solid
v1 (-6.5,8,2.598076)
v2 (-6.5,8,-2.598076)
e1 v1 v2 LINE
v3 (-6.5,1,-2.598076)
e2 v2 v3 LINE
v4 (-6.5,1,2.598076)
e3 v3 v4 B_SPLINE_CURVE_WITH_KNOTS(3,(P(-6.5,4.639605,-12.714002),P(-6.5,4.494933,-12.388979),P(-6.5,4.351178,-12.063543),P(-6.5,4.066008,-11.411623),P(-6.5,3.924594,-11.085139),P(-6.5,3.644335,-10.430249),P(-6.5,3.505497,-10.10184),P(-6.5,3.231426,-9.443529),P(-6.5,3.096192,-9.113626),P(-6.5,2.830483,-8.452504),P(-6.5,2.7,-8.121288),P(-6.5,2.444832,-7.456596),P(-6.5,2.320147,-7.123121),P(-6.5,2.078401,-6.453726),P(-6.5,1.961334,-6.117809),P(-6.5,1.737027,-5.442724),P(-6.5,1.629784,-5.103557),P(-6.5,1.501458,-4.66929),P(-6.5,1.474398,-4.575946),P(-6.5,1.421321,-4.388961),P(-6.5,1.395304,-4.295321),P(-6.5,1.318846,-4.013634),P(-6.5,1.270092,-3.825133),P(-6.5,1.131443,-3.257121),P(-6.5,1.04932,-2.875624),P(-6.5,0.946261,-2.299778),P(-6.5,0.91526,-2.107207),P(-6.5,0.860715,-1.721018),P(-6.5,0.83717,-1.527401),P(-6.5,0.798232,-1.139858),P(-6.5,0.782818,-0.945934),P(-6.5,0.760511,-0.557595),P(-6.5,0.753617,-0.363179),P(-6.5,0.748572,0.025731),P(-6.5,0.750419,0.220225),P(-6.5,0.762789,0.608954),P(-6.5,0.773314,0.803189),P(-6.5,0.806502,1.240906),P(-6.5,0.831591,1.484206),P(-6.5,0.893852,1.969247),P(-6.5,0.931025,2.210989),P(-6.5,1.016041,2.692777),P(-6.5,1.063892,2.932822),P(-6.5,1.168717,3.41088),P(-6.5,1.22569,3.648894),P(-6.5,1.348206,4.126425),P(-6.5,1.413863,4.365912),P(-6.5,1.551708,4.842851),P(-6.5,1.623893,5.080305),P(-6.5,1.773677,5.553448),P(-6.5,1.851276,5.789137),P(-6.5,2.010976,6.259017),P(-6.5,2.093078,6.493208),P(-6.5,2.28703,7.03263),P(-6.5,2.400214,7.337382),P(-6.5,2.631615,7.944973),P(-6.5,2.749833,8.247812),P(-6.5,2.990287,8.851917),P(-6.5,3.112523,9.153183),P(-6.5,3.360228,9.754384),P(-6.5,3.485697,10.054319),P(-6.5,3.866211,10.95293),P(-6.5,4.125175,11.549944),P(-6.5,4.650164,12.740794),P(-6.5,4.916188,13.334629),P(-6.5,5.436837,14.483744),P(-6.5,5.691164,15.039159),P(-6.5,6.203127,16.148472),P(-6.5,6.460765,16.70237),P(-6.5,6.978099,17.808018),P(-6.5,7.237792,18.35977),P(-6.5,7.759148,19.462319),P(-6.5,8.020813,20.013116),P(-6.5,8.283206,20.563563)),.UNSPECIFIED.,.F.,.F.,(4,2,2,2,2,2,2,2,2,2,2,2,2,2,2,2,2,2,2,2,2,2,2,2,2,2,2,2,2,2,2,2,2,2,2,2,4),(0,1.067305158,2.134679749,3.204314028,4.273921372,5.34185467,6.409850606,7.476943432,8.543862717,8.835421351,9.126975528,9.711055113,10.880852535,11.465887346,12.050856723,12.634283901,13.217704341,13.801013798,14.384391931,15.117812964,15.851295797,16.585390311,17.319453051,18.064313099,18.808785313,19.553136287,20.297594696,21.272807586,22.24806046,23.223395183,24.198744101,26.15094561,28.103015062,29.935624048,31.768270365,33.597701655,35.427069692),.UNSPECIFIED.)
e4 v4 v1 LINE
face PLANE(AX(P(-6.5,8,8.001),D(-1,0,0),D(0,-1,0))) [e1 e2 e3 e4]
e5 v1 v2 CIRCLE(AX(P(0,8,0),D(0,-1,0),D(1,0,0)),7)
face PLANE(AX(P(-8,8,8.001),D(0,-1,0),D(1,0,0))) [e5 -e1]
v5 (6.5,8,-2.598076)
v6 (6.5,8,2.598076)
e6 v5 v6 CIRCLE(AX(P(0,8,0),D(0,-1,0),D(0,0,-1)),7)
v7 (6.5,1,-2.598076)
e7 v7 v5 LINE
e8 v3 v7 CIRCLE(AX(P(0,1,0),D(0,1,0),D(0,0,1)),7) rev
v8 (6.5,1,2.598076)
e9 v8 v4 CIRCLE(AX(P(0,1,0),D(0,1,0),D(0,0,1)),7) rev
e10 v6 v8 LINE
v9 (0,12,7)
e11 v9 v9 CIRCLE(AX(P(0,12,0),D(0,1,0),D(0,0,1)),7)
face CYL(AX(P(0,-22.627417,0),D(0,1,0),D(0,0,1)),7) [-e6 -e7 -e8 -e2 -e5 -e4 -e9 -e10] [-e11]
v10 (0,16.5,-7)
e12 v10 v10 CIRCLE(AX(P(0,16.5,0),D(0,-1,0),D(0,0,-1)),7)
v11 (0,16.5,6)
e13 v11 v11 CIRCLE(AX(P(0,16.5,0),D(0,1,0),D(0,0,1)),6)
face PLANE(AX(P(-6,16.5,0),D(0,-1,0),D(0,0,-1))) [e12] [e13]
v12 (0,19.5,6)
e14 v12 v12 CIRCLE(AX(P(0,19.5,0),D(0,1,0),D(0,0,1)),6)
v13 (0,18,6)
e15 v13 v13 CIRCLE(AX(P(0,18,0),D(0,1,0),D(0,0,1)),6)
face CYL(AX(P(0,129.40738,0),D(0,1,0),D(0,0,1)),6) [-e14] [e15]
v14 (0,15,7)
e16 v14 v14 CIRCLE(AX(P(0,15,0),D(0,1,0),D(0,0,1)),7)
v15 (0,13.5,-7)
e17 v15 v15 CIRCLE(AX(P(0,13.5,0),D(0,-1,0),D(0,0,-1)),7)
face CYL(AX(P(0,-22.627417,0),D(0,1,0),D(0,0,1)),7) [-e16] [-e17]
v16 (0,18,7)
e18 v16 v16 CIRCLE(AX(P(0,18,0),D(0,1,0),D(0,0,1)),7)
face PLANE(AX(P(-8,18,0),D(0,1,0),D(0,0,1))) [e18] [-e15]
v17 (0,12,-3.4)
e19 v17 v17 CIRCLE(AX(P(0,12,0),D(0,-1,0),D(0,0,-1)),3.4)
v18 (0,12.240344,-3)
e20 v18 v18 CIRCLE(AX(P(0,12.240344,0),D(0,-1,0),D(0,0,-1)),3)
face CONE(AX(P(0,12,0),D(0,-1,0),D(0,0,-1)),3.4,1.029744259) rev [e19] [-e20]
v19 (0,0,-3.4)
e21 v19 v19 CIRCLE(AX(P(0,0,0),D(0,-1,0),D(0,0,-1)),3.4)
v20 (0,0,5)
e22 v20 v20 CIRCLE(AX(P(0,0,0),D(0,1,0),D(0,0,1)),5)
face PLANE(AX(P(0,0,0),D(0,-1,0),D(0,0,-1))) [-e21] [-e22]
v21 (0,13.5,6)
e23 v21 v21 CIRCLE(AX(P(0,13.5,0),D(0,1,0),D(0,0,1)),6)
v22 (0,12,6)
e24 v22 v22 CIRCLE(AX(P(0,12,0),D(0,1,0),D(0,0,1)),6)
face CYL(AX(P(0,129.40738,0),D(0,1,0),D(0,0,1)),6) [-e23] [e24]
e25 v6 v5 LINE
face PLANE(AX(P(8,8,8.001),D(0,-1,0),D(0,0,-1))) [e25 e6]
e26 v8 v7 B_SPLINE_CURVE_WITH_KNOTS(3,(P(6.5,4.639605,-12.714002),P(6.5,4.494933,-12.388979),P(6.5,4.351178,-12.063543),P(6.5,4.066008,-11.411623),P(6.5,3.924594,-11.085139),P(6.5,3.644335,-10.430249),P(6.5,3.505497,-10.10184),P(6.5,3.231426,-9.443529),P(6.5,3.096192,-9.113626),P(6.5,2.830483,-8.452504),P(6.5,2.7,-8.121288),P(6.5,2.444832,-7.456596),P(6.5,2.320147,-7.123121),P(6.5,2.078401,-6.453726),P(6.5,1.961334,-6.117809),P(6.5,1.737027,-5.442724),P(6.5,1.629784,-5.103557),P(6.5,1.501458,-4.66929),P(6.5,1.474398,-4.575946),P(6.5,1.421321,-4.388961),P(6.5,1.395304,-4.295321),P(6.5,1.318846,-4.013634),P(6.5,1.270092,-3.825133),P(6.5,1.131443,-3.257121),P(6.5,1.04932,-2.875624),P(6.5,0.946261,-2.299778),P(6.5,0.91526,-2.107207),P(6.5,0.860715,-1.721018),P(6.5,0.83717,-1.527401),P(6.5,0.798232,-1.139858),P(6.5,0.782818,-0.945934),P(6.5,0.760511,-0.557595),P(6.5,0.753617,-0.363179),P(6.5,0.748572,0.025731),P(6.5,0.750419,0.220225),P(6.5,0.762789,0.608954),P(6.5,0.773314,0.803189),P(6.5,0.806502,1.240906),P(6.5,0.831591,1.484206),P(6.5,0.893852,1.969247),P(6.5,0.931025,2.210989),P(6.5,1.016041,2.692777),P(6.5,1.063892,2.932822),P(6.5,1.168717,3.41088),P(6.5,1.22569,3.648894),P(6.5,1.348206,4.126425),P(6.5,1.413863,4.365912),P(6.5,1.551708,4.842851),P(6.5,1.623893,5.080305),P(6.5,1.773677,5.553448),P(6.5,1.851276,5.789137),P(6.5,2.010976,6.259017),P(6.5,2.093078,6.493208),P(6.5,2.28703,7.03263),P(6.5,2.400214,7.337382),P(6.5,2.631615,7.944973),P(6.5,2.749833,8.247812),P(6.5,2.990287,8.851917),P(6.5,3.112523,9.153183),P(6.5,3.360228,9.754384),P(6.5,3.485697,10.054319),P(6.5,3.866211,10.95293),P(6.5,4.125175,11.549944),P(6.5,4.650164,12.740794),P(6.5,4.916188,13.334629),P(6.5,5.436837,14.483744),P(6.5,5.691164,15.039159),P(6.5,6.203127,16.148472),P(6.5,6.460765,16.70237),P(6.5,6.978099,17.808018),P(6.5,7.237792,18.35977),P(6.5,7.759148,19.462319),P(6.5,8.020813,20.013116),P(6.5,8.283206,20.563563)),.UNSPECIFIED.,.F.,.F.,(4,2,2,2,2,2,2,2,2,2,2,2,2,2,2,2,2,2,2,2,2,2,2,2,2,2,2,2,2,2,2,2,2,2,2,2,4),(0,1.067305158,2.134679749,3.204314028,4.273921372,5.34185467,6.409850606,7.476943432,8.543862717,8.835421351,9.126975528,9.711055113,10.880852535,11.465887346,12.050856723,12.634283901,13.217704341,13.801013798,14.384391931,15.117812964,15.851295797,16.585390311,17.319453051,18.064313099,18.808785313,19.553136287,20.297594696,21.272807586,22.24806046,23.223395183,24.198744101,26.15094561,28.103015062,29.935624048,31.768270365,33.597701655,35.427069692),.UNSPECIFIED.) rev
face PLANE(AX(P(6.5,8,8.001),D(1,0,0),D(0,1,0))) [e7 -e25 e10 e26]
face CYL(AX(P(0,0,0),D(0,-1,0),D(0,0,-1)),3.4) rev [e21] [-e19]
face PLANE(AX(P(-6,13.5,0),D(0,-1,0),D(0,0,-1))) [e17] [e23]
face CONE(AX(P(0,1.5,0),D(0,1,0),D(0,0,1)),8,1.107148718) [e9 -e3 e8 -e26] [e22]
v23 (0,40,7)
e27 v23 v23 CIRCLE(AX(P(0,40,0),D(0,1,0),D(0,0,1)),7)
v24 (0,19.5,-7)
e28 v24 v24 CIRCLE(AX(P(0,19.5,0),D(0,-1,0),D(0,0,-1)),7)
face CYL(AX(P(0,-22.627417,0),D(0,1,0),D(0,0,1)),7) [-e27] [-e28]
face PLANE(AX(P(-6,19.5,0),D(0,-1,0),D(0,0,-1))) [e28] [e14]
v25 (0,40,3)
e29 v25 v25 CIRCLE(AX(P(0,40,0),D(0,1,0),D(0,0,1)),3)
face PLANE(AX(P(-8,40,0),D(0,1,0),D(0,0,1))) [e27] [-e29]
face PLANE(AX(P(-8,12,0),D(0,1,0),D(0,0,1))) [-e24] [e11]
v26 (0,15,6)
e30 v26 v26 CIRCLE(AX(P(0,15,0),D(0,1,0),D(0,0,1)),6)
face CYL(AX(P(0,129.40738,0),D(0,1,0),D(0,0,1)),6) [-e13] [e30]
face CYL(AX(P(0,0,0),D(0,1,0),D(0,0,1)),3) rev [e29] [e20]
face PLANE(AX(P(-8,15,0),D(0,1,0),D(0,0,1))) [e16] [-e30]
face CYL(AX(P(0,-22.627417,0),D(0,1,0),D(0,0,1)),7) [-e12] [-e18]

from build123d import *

# Parameters (mm, degrees)
TAGLIO_ESTRUSIONE1_REACH                  = 43.569
TAGLIO_ESTRUSIONE1_END_RADIUS             = 8
SCHIZZO2_W                                = 1.5
SCHIZZO2_H                                = 8
TAGLIO_ESTRUSIONE1_DIRECTION_2_REACH      = 43.569
TAGLIO_ESTRUSIONE1_DIRECTION_2_END_RADIUS = 8
SCHIZZO7_R                                = 3
TAGLIO_ESTRUSIONE2_DEPTH                  = 42.569219382
FORO_FILETTATO_M8_1_D                     = 6.8
FORO_FILETTATO_M8_1_DEPTH                 = 12
FORO_FILETTATO_M8_1_TIP                   = 2.042926105
TAGLIO_ESTRUSIONE3_REACH                  = 43.569
SCHIZZO10_R                               = 8
SCHIZZO10_R_2                             = 7
ESTRUSIONE_ESTRUSIONE1_START              = 4.6
SCHIZZO11_R                               = 7
ESTRUSIONE_ESTRUSIONE1_DEPTH              = 4.6
SCHIZZO12_R                               = 3
TAGLIO_ESTRUSIONE4_DEPTH                  = 5


with BuildPart() as part:
    # Schizzo1 → Rivoluzione1 (revolve)
    with BuildSketch(Plane.XY, mode=Mode.PRIVATE) as rivoluzione1_sk:
        Polygon((0, 0), (-5, 0), (-8, 1.5), (-8, 12), (-6, 12), (-6, 13.5), (-8, 13.5), (-8, 15), (-6, 15), (-6, 16.5), (-8, 16.5), (-8, 18), (-6, 18), (-6, 19.5), (-8, 19.5), (-8, 30.6), (-6, 30.6), (-6, 35.2), (-8, 35.2), (-8, 40), (0, 40), align=None)
    revolve(rivoluzione1_sk.sketch.rotate(Axis((0, 129.407380346, 0), (0, -1, 0)), 270), axis=Axis((0, 129.407380346, 0), (0, -1, 0)))

    # Taglio-Estrusione1: up to this cylinder (the profile starts inside it)
    taglio_estrusione1_end = Plane(origin=(0, 4, 0), z_dir=(0, 1, 0)) * Cylinder(TAGLIO_ESTRUSIONE1_END_RADIUS, 104.138, mode=Mode.PRIVATE)
    # Schizzo2 → Taglio-Estrusione1 (cut, up to the surface)
    with BuildSketch(Plane.XY, mode=Mode.PRIVATE) as taglio_estrusione1_sk1:
        with Locations((-7.25, 4)):
            Rectangle(SCHIZZO2_W, SCHIZZO2_H)
    taglio_estrusione1_tool1 = extrude(taglio_estrusione1_sk1.sketch, amount=-TAGLIO_ESTRUSIONE1_REACH, mode=Mode.PRIVATE) & taglio_estrusione1_end
    add(taglio_estrusione1_tool1.solids().sort_by_distance((-7.25, 4, 0))[0], mode=Mode.SUBTRACT)
    # Schizzo2 → Taglio-Estrusione1 (cut, up to the surface)
    with BuildSketch(Plane.XY, mode=Mode.PRIVATE) as taglio_estrusione1_sk2:
        with Locations((7.25, 4)):
            Rectangle(SCHIZZO2_W, SCHIZZO2_H)
    taglio_estrusione1_tool2 = extrude(taglio_estrusione1_sk2.sketch, amount=-TAGLIO_ESTRUSIONE1_REACH, mode=Mode.PRIVATE) & taglio_estrusione1_end
    add(taglio_estrusione1_tool2.solids().sort_by_distance((7.25, 4, 0))[0], mode=Mode.SUBTRACT)

    # Taglio-Estrusione1 direction 2: up to this cylinder (the profile starts inside it)
    taglio_estrusione1_direction_2_end = Plane(origin=(0, 4, 0), z_dir=(0, 1, 0)) * Cylinder(TAGLIO_ESTRUSIONE1_DIRECTION_2_END_RADIUS, 104.138, mode=Mode.PRIVATE)
    # Schizzo2 → Taglio-Estrusione1 direction 2 (cut, up to the surface)
    with BuildSketch(Plane.XY, mode=Mode.PRIVATE) as taglio_estrusione1_direction_2_sk1:
        with Locations((-7.25, 4)):
            Rectangle(SCHIZZO2_W, SCHIZZO2_H)
    taglio_estrusione1_direction_2_tool1 = extrude(taglio_estrusione1_direction_2_sk1.sketch, amount=TAGLIO_ESTRUSIONE1_DIRECTION_2_REACH, mode=Mode.PRIVATE) & taglio_estrusione1_direction_2_end
    add(taglio_estrusione1_direction_2_tool1.solids().sort_by_distance((-7.25, 4, 0))[0], mode=Mode.SUBTRACT)
    # Schizzo2 → Taglio-Estrusione1 direction 2 (cut, up to the surface)
    with BuildSketch(Plane.XY, mode=Mode.PRIVATE) as taglio_estrusione1_direction_2_sk2:
        with Locations((7.25, 4)):
            Rectangle(SCHIZZO2_W, SCHIZZO2_H)
    taglio_estrusione1_direction_2_tool2 = extrude(taglio_estrusione1_direction_2_sk2.sketch, amount=TAGLIO_ESTRUSIONE1_DIRECTION_2_REACH, mode=Mode.PRIVATE) & taglio_estrusione1_direction_2_end
    add(taglio_estrusione1_direction_2_tool2.solids().sort_by_distance((7.25, 4, 0))[0], mode=Mode.SUBTRACT)

    # Schizzo7 → Taglio-Estrusione2 (cut, through all)
    with BuildSketch(Plane(origin=(0, 40, 0), x_dir=(1, 0, 0), z_dir=(0, 1, 0))):
        with Locations(Location((0, 0, 0), (0, 0, 270))):
            Circle(SCHIZZO7_R)
    extrude(amount=-TAGLIO_ESTRUSIONE2_DEPTH, mode=Mode.SUBTRACT)

    # Foro filettato M8-1
    with Locations(Plane(origin=(0, 0, 0), x_dir=(-1, 0, 0), z_dir=(0, -1, 0))):
        with Locations((0, 0)):
            Hole(FORO_FILETTATO_M8_1_D / 2, depth=FORO_FILETTATO_M8_1_DEPTH)
            with Locations((0, 0, -(FORO_FILETTATO_M8_1_DEPTH + FORO_FILETTATO_M8_1_TIP / 2))):  # 118° drill point
                Cone(0, FORO_FILETTATO_M8_1_D / 2, FORO_FILETTATO_M8_1_TIP, mode=Mode.SUBTRACT)

    # Taglio-Estrusione3: up to this face of the body (flat: up to its plane)
    taglio_estrusione3_end = Plane(part.part.faces().sort_by_distance((0, 0, -4.858578644))[0])
    # Schizzo10 → Taglio-Estrusione3 (cut, up to the picked face)
    with BuildSketch(Plane(origin=(0, 40, 0), x_dir=(1, 0, 0), z_dir=(0, 1, 0)), mode=Mode.PRIVATE) as taglio_estrusione3_sk1:
        Circle(SCHIZZO10_R)
        with Locations(Location((0, 0, 0), (0, 0, 270))):
            Circle(SCHIZZO10_R_2, mode=Mode.SUBTRACT)
    taglio_estrusione3_tool1 = split(extrude(taglio_estrusione3_sk1.sketch, amount=-TAGLIO_ESTRUSIONE3_REACH, mode=Mode.PRIVATE), bisect_by=taglio_estrusione3_end, keep=Keep.BOTH, mode=Mode.PRIVATE)
    add(taglio_estrusione3_tool1.solids().sort_by(Axis((-7.773726, 40, 0), (0, -1, 0)))[0], mode=Mode.SUBTRACT)

    # Schizzo11 → Estrusione-Estrusione1 (add)
    with BuildSketch(Plane(origin=(0, 30.6, 0), x_dir=(1, 0, 0), z_dir=(0, 1, 0)).offset(ESTRUSIONE_ESTRUSIONE1_START)):
        with Locations(Location((0, 0, 0), (0, 0, 270))):
            Circle(SCHIZZO11_R)
    extrude(amount=-ESTRUSIONE_ESTRUSIONE1_DEPTH)

    # Schizzo12 → Taglio-Estrusione4 (cut)
    with BuildSketch(Plane(origin=(0, 35.2, 0), x_dir=(1, 0, 0), z_dir=(0, 1, 0))):
        with Locations(Location((0, 0, 0), (0, 0, 270))):
            Circle(SCHIZZO12_R)
    extrude(amount=-TAGLIO_ESTRUSIONE4_DEPTH, mode=Mode.SUBTRACT)


solid = part.part
